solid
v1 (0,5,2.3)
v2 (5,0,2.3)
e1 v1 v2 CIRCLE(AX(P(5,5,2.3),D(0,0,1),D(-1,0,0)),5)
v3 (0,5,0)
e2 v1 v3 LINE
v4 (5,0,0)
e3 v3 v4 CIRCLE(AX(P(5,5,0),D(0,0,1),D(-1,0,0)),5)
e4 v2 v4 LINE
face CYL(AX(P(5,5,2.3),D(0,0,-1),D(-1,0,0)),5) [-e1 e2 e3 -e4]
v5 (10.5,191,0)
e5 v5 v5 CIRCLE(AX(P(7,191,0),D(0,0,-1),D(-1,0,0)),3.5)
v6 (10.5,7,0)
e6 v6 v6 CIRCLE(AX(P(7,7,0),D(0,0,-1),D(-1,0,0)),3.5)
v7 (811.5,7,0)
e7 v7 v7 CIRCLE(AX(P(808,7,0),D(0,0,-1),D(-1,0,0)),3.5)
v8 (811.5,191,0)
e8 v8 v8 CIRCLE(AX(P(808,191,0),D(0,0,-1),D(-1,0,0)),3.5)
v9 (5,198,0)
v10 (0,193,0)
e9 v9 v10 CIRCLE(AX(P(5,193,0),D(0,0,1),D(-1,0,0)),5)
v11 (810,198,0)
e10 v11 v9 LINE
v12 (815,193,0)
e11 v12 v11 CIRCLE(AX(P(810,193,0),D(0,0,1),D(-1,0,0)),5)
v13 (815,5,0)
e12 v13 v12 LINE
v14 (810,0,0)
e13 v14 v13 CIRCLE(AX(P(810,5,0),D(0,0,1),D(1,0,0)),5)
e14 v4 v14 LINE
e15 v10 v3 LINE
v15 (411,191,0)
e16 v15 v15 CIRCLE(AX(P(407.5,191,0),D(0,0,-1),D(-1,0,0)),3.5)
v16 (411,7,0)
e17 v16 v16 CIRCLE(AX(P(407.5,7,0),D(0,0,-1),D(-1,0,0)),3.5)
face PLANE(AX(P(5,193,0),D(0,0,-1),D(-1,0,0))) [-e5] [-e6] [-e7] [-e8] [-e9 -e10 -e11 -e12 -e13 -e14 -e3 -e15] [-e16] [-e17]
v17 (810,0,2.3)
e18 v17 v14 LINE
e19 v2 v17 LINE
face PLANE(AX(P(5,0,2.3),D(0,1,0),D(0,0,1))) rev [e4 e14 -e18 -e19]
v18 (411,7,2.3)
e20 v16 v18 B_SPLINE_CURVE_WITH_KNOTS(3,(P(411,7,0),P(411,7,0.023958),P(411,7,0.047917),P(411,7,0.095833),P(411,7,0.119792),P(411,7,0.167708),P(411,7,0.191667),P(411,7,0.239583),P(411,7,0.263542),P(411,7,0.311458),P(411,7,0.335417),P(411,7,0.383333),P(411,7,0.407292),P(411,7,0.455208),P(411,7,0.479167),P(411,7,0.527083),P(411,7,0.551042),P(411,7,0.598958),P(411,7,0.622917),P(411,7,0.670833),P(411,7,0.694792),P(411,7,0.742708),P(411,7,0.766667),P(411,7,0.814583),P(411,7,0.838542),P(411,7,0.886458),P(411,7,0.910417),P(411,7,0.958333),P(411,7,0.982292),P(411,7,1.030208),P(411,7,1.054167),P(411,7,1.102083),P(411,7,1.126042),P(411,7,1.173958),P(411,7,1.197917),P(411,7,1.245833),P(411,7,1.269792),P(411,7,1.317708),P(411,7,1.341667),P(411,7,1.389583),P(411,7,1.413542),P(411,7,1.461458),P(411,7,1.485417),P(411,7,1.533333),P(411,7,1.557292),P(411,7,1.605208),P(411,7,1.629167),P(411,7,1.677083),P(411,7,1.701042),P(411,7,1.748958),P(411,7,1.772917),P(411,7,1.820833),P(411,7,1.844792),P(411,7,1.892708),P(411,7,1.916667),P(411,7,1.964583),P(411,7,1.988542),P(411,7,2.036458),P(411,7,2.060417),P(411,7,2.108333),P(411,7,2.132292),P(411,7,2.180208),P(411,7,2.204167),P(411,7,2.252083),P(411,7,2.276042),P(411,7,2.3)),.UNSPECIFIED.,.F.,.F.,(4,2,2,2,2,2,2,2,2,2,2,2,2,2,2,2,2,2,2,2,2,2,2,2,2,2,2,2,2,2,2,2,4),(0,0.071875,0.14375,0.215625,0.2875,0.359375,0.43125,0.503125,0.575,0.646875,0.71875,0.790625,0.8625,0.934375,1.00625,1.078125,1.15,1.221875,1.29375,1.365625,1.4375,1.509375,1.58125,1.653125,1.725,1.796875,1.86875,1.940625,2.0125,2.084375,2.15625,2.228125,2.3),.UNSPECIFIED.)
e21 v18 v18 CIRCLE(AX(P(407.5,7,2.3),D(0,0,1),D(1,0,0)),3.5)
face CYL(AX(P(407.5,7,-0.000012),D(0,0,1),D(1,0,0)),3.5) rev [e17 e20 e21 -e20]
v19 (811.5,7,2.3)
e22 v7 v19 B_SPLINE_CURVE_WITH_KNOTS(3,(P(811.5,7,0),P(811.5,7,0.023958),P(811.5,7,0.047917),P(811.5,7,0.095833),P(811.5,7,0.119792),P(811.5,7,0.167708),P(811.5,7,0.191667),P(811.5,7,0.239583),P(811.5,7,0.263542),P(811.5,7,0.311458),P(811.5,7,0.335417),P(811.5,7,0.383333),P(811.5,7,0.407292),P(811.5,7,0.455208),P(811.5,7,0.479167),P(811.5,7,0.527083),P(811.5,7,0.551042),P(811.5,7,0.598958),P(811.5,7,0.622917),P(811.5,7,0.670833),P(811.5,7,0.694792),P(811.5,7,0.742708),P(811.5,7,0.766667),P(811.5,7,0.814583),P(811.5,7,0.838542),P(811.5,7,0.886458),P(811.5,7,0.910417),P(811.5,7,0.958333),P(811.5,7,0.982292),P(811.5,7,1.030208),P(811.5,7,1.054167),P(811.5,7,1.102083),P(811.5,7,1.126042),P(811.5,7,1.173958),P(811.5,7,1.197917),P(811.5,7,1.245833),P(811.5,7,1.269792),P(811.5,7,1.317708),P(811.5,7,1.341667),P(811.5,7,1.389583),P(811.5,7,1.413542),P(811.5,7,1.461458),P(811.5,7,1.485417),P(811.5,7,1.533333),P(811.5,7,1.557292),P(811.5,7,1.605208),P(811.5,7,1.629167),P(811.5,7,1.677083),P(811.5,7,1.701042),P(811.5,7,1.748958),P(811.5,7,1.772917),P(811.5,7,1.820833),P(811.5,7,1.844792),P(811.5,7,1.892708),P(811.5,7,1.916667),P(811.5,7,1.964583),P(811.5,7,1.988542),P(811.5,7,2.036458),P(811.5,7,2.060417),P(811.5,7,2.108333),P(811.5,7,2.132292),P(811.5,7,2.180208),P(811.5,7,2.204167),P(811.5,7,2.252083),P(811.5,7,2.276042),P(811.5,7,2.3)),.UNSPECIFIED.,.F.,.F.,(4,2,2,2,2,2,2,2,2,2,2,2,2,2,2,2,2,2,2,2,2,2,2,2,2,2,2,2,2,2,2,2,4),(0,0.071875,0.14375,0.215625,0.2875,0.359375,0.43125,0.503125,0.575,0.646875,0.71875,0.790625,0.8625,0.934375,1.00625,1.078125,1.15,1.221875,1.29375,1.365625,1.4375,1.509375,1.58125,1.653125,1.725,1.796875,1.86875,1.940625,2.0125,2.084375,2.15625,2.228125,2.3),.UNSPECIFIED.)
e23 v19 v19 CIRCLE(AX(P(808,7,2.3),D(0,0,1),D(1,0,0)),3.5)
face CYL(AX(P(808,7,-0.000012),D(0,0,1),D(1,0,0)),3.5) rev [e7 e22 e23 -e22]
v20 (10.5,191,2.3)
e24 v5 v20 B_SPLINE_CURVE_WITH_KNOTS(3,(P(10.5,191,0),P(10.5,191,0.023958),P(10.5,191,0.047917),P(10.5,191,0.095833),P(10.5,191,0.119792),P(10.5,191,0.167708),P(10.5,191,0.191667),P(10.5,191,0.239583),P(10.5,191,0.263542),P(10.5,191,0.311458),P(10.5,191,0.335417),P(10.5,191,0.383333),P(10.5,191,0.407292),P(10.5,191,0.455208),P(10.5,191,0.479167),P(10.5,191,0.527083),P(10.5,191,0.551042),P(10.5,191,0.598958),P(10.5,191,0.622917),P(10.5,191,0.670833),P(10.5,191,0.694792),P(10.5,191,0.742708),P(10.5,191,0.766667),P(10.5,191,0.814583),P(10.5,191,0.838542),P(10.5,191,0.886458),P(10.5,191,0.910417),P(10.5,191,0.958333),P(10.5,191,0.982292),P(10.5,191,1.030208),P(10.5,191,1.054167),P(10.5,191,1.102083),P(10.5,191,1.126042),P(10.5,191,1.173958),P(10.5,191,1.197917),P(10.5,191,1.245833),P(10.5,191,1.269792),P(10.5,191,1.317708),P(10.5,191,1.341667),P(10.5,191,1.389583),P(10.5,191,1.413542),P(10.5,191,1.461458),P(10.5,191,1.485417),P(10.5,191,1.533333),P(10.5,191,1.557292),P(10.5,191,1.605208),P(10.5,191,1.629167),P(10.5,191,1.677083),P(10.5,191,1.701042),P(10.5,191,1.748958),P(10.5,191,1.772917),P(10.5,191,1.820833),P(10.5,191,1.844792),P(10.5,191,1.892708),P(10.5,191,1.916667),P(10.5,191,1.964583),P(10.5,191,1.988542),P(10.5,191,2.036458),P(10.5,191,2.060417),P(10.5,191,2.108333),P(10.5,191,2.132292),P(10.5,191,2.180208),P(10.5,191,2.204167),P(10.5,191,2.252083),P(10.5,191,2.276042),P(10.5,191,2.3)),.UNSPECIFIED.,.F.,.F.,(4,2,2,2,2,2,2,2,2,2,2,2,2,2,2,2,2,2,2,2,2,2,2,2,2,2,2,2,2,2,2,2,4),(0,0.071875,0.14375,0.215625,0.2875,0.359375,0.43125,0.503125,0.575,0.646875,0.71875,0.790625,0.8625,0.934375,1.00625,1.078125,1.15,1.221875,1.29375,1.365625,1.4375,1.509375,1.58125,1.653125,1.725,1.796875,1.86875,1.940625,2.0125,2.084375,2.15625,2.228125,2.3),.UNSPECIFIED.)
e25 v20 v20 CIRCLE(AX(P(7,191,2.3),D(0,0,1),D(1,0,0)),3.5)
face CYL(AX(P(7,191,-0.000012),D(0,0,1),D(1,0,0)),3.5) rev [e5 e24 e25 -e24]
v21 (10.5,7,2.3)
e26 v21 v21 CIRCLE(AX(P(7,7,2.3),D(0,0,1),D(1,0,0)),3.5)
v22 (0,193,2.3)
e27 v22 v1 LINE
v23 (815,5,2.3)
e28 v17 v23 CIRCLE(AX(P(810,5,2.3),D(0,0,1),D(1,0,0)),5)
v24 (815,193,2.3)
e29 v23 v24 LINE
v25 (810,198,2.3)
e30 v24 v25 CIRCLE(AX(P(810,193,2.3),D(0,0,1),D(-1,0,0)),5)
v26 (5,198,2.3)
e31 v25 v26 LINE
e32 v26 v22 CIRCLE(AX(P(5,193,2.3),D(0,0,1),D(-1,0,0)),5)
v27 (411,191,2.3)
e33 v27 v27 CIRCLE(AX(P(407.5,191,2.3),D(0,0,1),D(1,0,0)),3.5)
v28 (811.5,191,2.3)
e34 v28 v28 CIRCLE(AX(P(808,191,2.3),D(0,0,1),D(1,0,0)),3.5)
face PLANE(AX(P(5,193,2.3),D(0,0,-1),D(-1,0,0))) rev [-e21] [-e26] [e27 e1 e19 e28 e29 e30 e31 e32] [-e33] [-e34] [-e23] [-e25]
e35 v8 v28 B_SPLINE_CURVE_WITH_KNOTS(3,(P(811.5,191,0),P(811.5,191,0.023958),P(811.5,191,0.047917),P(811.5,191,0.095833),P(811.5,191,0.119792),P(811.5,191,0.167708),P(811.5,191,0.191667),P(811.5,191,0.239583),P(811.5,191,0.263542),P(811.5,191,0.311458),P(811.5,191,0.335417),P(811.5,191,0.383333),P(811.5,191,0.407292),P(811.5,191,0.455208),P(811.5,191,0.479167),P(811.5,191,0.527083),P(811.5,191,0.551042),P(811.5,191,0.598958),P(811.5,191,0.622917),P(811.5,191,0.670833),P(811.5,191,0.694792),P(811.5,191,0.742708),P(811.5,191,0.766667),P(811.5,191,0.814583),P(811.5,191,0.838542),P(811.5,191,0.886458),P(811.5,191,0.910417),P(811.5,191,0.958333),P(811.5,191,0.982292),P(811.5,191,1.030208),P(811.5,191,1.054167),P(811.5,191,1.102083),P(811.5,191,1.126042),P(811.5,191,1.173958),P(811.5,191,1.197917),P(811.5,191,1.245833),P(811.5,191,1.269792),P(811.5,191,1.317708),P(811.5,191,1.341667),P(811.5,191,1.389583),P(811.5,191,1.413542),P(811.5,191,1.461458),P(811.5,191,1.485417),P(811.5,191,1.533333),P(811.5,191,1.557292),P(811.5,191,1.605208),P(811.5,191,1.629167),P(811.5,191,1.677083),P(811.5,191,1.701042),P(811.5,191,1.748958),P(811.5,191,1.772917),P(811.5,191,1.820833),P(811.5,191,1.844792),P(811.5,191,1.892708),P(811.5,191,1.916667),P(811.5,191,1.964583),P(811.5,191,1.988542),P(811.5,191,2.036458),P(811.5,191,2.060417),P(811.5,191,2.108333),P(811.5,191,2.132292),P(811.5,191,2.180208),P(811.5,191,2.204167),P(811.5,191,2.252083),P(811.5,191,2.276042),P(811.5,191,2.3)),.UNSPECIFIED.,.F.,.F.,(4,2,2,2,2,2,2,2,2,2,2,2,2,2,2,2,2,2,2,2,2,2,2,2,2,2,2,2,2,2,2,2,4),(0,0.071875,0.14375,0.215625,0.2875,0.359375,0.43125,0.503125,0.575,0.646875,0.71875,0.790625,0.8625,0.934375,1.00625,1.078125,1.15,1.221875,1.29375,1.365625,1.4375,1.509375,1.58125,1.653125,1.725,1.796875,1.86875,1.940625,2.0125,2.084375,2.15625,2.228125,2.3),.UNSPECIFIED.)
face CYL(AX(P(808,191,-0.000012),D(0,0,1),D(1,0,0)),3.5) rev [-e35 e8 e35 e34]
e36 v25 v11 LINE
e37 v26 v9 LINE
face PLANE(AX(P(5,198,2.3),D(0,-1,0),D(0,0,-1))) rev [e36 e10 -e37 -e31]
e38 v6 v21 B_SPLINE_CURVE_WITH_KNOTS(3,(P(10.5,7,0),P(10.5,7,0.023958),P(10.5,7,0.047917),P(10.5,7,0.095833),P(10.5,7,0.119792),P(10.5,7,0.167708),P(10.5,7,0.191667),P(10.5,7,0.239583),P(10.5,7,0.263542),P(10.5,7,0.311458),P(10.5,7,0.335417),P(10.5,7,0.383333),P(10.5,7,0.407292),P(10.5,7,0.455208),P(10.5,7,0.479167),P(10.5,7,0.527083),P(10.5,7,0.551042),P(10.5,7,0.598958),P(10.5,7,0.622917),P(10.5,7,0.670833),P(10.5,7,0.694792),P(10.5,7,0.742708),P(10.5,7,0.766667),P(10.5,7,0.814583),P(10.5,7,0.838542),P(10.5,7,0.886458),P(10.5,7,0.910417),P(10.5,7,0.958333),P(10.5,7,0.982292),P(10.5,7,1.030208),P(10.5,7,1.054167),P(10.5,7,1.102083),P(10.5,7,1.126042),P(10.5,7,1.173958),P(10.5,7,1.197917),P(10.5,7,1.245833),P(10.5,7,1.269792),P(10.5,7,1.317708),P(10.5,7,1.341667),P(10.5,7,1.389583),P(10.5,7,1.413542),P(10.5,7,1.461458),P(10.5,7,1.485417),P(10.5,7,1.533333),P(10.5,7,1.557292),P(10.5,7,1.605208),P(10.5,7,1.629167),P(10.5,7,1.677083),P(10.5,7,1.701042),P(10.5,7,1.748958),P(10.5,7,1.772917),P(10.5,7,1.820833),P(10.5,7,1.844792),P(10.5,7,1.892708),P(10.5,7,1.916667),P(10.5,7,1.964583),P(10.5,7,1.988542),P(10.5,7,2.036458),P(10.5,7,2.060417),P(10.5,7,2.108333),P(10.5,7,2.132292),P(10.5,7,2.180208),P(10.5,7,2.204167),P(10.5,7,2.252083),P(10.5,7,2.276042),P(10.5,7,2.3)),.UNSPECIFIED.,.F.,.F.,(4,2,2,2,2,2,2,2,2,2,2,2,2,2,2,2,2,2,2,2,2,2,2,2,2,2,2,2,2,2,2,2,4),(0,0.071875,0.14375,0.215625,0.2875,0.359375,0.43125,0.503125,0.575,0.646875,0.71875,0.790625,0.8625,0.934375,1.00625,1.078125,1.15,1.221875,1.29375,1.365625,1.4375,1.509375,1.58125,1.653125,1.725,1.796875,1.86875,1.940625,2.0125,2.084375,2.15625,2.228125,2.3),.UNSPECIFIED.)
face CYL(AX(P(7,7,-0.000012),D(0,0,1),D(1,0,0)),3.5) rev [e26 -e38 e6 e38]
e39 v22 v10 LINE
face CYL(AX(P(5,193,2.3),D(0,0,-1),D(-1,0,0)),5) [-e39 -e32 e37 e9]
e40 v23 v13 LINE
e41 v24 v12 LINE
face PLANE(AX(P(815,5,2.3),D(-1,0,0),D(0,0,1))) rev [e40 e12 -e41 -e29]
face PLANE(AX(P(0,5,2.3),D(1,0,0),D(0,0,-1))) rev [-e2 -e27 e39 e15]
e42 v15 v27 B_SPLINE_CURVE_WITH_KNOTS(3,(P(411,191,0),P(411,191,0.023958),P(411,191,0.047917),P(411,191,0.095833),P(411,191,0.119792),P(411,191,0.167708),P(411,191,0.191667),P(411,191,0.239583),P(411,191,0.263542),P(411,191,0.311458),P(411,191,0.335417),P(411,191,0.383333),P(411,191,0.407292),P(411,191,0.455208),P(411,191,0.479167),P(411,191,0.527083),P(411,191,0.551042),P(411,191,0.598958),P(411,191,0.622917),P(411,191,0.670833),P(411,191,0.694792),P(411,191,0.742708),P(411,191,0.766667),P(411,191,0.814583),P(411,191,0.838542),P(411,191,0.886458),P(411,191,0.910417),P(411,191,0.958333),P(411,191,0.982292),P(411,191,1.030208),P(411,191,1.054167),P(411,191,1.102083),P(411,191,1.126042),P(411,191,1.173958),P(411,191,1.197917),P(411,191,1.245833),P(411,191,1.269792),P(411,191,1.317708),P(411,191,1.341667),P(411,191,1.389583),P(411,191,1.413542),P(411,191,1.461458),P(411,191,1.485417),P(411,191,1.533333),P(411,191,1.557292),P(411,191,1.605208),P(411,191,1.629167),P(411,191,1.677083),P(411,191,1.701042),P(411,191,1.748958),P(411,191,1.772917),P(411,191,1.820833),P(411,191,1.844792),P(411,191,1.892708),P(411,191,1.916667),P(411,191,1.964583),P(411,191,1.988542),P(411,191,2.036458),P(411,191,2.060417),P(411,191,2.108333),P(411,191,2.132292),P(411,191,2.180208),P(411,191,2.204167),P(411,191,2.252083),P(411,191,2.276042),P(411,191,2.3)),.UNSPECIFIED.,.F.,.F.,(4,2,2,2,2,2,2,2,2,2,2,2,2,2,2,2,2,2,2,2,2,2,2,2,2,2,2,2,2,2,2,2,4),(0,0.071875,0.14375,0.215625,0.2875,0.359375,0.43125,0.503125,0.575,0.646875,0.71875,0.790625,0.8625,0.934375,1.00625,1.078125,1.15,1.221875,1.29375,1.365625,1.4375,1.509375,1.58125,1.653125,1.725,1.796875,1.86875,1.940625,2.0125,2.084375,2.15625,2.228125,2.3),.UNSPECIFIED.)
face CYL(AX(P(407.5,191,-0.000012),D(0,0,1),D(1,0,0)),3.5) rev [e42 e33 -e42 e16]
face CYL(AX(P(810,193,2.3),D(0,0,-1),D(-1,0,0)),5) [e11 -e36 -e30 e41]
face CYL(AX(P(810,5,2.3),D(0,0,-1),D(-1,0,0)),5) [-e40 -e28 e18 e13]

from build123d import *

# Parameters (mm, degrees)
EXTRUDE_1_DEPTH          = 2.3
CUT_EXTRUDE_1_DEPTH      = 839.70989621
CUT_EXTRUDE_1_DEPTH_BACK = 839.70989621
SKETCH_2_R               = 3.5


with BuildPart() as part:
    # ｽｹｯﾁ1 → ﾎﾞｽ - 押し出し1 (new body)
    with BuildSketch(Plane.XY):
        with BuildLine():
            Line((5, 0), (810, 0))
            ThreePointArc((810, 0), (813.535533906, 1.464466094), (815, 5))
            Line((815, 5), (815, 193))
            ThreePointArc((815, 193), (813.535533906, 196.535533906), (810, 198))
            Line((810, 198), (5, 198))
            ThreePointArc((5, 198), (1.464466094, 196.535533906), (0, 193))
            Line((0, 193), (0, 5))
            ThreePointArc((0, 5), (1.464466094, 1.464466094), (5, 0))
        make_face()
    extrude(amount=EXTRUDE_1_DEPTH)

    # ｽｹｯﾁ2 → ｶｯﾄ - 押し出し1 (cut, two sides: drawn at the far end of the back side and taken through both)
    with BuildSketch(Plane.XY.offset(-CUT_EXTRUDE_1_DEPTH_BACK)):
        with Locations((7, 7)):
            Circle(SKETCH_2_R)
        with Locations((7, 191)):
            Circle(SKETCH_2_R)
        with Locations((407.5, 7)):
            Circle(SKETCH_2_R)
        with Locations((407.5, 191)):
            Circle(SKETCH_2_R)
        with Locations((808, 7)):
            Circle(SKETCH_2_R)
        with Locations((808, 191)):
            Circle(SKETCH_2_R)
    extrude(amount=CUT_EXTRUDE_1_DEPTH + CUT_EXTRUDE_1_DEPTH_BACK, mode=Mode.SUBTRACT)


solid = part.part
